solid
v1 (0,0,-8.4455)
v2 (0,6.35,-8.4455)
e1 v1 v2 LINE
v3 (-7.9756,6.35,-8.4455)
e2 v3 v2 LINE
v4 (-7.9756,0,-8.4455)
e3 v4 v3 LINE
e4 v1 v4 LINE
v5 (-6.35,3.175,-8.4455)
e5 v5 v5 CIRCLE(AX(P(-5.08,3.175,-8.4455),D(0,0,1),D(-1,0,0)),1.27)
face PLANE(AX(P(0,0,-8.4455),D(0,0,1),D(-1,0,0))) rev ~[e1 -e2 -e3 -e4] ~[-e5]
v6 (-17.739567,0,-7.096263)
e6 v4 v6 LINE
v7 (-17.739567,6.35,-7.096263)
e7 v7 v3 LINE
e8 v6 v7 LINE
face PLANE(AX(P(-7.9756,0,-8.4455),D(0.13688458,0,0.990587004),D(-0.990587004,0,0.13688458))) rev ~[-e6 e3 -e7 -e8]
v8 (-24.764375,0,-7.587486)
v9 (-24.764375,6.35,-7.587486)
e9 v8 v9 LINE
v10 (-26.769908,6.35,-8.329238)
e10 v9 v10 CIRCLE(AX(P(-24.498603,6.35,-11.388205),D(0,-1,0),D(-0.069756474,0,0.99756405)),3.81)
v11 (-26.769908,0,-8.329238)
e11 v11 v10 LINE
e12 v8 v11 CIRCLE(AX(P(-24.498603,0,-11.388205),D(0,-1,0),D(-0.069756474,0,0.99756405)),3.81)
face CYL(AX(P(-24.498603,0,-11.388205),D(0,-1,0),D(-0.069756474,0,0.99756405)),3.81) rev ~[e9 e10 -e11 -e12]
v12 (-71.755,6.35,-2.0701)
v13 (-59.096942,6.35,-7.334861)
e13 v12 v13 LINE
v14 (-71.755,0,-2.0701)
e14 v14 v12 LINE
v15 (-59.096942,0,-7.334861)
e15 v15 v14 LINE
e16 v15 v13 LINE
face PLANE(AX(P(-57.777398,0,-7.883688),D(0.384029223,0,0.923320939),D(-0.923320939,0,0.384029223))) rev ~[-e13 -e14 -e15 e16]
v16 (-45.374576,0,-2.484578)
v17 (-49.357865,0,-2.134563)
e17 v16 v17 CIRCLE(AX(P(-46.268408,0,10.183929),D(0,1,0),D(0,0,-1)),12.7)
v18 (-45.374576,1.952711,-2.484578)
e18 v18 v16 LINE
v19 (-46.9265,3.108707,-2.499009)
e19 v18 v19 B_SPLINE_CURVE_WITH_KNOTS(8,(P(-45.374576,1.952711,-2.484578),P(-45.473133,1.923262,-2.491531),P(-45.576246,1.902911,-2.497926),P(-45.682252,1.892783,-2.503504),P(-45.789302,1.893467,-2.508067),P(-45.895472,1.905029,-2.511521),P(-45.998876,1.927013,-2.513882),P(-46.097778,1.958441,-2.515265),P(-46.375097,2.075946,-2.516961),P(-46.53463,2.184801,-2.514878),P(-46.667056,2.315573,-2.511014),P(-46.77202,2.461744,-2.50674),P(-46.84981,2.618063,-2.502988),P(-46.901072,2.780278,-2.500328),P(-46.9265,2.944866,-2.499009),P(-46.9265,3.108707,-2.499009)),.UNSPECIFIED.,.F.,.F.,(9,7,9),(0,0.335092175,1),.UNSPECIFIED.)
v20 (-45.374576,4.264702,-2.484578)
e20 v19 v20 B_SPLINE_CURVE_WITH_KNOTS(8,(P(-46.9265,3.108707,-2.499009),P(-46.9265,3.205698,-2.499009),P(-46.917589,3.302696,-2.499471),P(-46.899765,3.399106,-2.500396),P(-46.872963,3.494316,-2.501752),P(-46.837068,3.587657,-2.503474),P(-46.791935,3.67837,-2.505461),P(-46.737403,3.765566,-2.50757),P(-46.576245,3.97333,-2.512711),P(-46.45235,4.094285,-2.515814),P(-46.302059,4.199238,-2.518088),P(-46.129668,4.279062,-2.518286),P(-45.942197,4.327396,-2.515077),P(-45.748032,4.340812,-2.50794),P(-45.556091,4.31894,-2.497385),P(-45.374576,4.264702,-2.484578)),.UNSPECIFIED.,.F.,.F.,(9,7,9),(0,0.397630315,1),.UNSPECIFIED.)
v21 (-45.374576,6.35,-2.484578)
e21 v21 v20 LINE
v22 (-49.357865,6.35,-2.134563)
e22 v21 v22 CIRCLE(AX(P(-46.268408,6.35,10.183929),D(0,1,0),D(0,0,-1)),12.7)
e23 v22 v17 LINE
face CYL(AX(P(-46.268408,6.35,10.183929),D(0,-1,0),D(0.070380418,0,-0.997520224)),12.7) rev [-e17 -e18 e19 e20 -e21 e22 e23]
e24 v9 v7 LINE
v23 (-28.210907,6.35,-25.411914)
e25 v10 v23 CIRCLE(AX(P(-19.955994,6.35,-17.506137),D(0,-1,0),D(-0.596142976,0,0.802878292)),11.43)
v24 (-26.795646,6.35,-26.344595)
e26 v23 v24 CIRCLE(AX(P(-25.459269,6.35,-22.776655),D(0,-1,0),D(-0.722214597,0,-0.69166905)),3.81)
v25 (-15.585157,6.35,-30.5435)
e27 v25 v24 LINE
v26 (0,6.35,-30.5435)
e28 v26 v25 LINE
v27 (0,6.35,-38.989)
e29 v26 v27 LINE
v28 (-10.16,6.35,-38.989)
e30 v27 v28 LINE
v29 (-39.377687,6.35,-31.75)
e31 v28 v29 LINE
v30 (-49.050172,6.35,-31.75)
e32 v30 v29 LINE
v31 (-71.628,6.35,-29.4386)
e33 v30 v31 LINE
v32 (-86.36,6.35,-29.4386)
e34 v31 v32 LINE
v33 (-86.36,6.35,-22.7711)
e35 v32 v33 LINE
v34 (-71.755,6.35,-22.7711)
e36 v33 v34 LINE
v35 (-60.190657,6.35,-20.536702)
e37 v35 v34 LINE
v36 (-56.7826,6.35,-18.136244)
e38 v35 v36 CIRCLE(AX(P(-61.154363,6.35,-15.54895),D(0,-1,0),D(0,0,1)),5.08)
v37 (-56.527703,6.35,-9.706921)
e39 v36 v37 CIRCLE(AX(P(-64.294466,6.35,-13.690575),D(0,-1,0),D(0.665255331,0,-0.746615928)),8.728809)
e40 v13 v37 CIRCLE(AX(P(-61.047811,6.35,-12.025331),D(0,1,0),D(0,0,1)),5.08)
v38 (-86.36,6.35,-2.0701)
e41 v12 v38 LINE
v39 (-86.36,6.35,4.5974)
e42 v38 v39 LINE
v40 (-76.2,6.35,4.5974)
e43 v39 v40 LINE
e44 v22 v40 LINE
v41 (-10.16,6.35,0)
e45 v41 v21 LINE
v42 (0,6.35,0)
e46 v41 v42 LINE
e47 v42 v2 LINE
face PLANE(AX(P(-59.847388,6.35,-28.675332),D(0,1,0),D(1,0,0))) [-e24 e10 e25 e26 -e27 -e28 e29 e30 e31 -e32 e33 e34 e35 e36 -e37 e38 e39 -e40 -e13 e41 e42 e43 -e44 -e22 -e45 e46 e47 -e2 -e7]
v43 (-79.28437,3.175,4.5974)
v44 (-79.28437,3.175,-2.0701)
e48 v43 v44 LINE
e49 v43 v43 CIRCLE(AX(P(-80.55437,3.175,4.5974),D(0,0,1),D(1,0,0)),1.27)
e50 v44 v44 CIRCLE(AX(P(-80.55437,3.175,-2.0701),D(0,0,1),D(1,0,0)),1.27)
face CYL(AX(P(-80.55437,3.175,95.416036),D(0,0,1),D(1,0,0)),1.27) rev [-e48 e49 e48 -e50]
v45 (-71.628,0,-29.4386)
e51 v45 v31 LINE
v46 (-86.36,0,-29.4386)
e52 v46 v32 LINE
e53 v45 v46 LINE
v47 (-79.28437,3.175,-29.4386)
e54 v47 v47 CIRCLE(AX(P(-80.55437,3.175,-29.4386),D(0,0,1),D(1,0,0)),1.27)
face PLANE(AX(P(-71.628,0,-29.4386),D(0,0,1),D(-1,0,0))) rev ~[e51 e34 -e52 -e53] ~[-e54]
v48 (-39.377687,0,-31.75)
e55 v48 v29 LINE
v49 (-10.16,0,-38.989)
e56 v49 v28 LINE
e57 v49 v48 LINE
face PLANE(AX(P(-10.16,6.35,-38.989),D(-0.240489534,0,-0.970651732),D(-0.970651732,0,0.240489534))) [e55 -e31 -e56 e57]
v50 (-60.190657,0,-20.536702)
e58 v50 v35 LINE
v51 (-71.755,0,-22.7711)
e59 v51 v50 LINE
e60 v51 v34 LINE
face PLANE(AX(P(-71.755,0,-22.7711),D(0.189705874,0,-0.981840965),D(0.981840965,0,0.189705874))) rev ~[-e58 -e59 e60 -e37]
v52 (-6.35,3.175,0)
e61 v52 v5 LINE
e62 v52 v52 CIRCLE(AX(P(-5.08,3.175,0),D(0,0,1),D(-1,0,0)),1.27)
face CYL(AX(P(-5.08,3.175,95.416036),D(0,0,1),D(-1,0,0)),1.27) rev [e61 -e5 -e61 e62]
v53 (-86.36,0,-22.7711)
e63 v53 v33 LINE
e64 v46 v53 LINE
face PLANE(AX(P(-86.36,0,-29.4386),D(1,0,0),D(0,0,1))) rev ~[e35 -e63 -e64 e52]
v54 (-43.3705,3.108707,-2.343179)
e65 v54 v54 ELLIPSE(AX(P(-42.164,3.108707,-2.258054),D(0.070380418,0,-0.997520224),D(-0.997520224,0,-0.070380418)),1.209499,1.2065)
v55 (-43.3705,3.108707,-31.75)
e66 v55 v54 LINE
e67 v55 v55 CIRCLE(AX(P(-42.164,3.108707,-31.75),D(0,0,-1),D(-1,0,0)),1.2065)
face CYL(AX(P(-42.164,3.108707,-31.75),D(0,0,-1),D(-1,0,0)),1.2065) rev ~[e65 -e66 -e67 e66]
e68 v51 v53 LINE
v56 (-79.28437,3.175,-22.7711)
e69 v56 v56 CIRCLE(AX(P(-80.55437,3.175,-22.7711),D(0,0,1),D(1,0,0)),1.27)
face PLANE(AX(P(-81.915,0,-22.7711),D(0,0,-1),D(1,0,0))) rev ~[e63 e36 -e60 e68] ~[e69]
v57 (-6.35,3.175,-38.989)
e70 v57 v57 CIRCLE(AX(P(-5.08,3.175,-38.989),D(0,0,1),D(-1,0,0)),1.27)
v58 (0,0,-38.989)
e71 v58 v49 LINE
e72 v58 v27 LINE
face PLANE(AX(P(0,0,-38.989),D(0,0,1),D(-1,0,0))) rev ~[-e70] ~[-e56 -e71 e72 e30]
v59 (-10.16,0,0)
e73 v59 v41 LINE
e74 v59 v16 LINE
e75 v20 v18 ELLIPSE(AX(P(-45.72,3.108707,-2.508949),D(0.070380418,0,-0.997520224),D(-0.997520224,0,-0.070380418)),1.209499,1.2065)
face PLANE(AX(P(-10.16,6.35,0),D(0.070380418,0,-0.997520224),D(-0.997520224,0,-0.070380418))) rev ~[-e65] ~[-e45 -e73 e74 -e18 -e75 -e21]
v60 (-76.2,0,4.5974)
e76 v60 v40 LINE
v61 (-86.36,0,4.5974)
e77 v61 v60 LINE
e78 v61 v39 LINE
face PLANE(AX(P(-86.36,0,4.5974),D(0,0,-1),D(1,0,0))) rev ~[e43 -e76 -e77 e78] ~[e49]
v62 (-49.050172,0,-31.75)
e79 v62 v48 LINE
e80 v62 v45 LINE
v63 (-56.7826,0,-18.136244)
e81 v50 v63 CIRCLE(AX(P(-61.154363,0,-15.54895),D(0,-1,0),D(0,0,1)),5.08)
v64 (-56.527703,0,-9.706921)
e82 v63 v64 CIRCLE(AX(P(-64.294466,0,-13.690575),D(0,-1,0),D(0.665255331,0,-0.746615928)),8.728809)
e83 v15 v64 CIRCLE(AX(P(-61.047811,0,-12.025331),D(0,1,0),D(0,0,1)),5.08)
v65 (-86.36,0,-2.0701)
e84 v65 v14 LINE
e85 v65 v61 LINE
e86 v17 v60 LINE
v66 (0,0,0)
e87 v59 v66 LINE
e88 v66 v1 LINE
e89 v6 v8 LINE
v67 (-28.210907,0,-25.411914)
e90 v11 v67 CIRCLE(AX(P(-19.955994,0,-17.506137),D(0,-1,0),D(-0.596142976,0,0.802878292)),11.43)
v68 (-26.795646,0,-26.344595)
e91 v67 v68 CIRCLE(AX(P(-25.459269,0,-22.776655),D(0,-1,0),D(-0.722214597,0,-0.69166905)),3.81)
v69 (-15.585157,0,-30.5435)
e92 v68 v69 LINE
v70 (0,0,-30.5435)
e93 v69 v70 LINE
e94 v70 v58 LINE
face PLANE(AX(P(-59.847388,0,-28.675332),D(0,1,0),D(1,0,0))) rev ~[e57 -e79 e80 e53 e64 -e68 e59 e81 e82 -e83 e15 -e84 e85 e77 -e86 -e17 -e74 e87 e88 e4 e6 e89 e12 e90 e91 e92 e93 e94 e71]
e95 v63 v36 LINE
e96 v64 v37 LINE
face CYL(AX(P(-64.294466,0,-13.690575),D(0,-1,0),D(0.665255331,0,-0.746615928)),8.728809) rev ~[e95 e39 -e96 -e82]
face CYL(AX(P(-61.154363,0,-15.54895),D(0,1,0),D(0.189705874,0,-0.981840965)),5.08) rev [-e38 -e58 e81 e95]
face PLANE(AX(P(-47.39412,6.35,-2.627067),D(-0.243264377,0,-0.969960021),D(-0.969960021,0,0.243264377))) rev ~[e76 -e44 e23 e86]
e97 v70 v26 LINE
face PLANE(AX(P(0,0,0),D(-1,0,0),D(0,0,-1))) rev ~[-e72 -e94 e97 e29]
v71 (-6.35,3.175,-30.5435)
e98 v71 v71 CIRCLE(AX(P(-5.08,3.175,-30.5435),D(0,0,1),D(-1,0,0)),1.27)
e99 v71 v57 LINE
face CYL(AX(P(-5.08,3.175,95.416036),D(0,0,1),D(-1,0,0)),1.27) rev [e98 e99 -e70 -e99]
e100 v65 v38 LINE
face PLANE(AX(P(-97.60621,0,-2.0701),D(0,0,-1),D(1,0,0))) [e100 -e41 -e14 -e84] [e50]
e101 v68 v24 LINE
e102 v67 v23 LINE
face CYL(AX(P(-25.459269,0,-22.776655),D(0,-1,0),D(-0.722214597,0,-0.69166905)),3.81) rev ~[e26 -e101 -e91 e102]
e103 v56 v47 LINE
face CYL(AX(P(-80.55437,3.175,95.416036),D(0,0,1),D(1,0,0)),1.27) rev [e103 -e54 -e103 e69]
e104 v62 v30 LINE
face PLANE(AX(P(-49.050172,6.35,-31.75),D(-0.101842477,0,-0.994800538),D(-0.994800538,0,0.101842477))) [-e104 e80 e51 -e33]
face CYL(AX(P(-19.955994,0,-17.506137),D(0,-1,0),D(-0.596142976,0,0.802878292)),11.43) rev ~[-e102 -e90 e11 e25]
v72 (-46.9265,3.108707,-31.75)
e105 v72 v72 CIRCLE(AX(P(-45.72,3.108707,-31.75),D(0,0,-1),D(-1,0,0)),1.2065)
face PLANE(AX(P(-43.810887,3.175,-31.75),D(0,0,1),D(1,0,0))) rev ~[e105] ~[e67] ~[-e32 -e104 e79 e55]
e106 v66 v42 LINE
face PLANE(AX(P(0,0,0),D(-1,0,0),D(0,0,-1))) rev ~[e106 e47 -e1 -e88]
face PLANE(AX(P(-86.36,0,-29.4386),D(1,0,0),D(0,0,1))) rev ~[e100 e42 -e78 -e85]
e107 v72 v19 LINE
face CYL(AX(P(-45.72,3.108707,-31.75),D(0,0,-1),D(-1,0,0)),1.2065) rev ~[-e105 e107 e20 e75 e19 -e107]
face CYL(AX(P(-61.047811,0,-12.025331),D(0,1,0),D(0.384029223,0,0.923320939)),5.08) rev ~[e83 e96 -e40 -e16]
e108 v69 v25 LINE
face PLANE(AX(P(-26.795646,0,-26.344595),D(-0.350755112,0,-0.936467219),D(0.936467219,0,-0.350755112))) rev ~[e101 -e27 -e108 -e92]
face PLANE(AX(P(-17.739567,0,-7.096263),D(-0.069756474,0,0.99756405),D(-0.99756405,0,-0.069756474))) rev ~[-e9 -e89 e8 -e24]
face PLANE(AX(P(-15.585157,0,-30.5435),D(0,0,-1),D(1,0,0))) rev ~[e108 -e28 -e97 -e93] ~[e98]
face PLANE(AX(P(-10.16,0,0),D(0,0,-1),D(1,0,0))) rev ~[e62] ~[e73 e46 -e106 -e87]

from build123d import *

# Parameters (mm, degrees)
BOSS_EXTRUDE1_DEPTH     = 6.35
CUT_EXTRUDE2_DEPTH      = 95.416035655
CUT_EXTRUDE2_DEPTH_BACK = 95.416035655
SKETCH2_R               = 1.27
CUT_EXTRUDE5_DEPTH      = 95.965858186
CUT_EXTRUDE7_DEPTH      = 25.4
SKETCH6_W               = 10.4785697
SKETCH6_H               = 6.35
SKETCH6_R               = 1.0795
BOSS_EXTRUDE2_DEPTH     = 12.7
FILLET5_R               = 12.7
FILLET6_R               = 5.08
BOSS_EXTRUDE3_DEPTH     = 6.35
SKETCH10_R              = 1.2065
CUT_EXTRUDE9_DEPTH      = 94.912222776
SKETCH12_W              = 15.691210344
SKETCH12_H              = 20.701
CUT_EXTRUDE10_DEPTH     = 95.965858193


with BuildPart() as part:
    # Sketch1 → Boss-Extrude1 (new body)
    with BuildSketch(Plane(origin=(0, 0, 0), x_dir=(1, 0, 0), z_dir=(0, 1, 0))):
        Polygon((0, 0), (0, 38.989), (-10.16, 38.989), (-71.628, 29.4386), (-86.36, 29.4386), (-86.36, -4.5974), (-76.2, -4.5974), (-10.16, 0), align=None)
    extrude(amount=BOSS_EXTRUDE1_DEPTH)

    # Sketch2 → Cut-Extrude2 (cut, two sides: drawn at the far end of the back side and taken through both)
    with BuildSketch(Plane(origin=(-0.604981675, 0, 0), x_dir=(-1, 0, 0), z_dir=(0, 0, -1)).offset(-CUT_EXTRUDE2_DEPTH_BACK)):
        with Locations((4.475018325, 3.175)):
            Circle(SKETCH2_R)
        with Locations(Location((79.949388362, 3.175, 0), (0, 0, 180))):
            Circle(SKETCH2_R)
    extrude(amount=CUT_EXTRUDE2_DEPTH + CUT_EXTRUDE2_DEPTH_BACK, mode=Mode.SUBTRACT)

    # Sketch3 → Cut-Extrude5 (cut, through all)
    with BuildSketch(Plane(origin=(0, 0, 0), x_dir=(1, 0, 0), z_dir=(0, 1, 0))):
        with BuildLine():
            Line((-81.915, 22.7711), (-71.755, 22.7711))
            Line((-71.755, 22.7711), (-58.487579402, 20.207642468))
            ThreePointArc((-58.487579402, 20.207642468), (-55.580114305, 14.192748547), (-57.777398298, 7.883687982))
            Line((-57.777398298, 7.883687982), (-71.755, 2.0701))
            Line((-71.755, 2.0701), (-81.915, 2.0701))
            Line((-81.915, 2.0701), (-81.915, 22.7711))
        make_face()
        with BuildLine():
            Line((0, 30.5435), (0, 8.4455))
            Line((0, 8.4455), (-7.9756, 8.4455))
            Line((-7.9756, 8.4455), (-17.739567161, 7.096263095))
            Line((-17.739567161, 7.096263095), (-24.764375431, 7.587485542))
            ThreePointArc((-24.764375431, 7.587485542), (-25.820245836, 7.814780317), (-26.769908004, 8.32923828))
            ThreePointArc((-26.769908004, 8.32923828), (-31.345543526, 16.545378703), (-28.210906636, 25.41191441))
            ThreePointArc((-28.210906636, 25.41191441), (-27.55579932, 25.957953915), (-26.795645997, 26.34459543))
            Line((-26.795645997, 26.34459543), (-15.585156538, 30.5435))
            Line((-15.585156538, 30.5435), (-7.9756, 30.5435))
            Line((-7.9756, 30.5435), (0, 30.5435))
        make_face()
    extrude(amount=CUT_EXTRUDE5_DEPTH, mode=Mode.SUBTRACT)

    # Sketch5 → Cut-Extrude7 (cut)
    with BuildSketch(Plane(origin=(0, 6.35, 0), x_dir=(1, 0, 0), z_dir=(0, 1, 0))):
        Polygon((-10.16, 38.989), (-53.78735915, 28.179846815), (-71.628, 29.4386), align=None)
        Polygon((-10.16, 0), (-47.394119509, 2.627067431), (-76.2, -4.5974), align=None)
    extrude(amount=-CUT_EXTRUDE7_DEPTH, mode=Mode.SUBTRACT)

    # Sketch6 → Boss-Extrude2 (add)
    with BuildSketch(Plane.XY.offset(-31.75)):
        with Locations((-43.810886798, 3.175)):
            Rectangle(SKETCH6_W, SKETCH6_H)
        with Locations((-45.72, 3.108706623)):
            Circle(SKETCH6_R, mode=Mode.SUBTRACT)
        with Locations((-42.164, 3.108706623)):
            Circle(SKETCH6_R, mode=Mode.SUBTRACT)
    extrude(amount=BOSS_EXTRUDE2_DEPTH)

    # Fillet5
    fillet5_edges = [part.edges().sort_by_distance(p)[0] for p in [
        (-47.394119509, 3.175, -2.627067431),
        (-53.78735915, 3.175, -28.179846815),
    ]]
    fillet(fillet5_edges, radius=FILLET5_R)

    # Fillet6
    fillet6_edges = [part.edges().sort_by_distance(p)[0] for p in [
        (-57.777398298, 3.175, -7.883687982),
        (-58.487579402, 3.175, -20.207642468),
    ]]
    fillet(fillet6_edges, radius=FILLET6_R)

    # Sketch9 → Boss-Extrude3 (add)
    with BuildSketch(Plane(origin=(0, 6.35, 0), x_dir=(1, 0, 0), z_dir=(0, 1, 0))):
        Polygon((-49.050171648, 31.75), (-71.628, 29.4386), (-71.628, 26.697361781), (-49.050171648, 26.697361781), align=None)
    extrude(amount=-BOSS_EXTRUDE3_DEPTH)

    # Sketch10 → Cut-Extrude9 (cut, through all)
    with BuildSketch(Plane(origin=(0, 0, -31.75), x_dir=(-1, 0, 0), z_dir=(0, 0, -1))):
        with Locations((42.164, 3.108706623)):
            Circle(SKETCH10_R)
        with Locations((45.72, 3.108706623)):
            Circle(SKETCH10_R)
    extrude(amount=-CUT_EXTRUDE9_DEPTH, mode=Mode.SUBTRACT)

    # Sketch12 → Cut-Extrude10 (cut, through all)
    with BuildSketch(Plane(origin=(0, 0, 0), x_dir=(1, 0, 0), z_dir=(0, 1, 0))):
        with Locations((-89.760605172, 12.4206)):
            Rectangle(SKETCH12_W, SKETCH12_H)
    extrude(amount=CUT_EXTRUDE10_DEPTH, mode=Mode.SUBTRACT)


solid = part.part
